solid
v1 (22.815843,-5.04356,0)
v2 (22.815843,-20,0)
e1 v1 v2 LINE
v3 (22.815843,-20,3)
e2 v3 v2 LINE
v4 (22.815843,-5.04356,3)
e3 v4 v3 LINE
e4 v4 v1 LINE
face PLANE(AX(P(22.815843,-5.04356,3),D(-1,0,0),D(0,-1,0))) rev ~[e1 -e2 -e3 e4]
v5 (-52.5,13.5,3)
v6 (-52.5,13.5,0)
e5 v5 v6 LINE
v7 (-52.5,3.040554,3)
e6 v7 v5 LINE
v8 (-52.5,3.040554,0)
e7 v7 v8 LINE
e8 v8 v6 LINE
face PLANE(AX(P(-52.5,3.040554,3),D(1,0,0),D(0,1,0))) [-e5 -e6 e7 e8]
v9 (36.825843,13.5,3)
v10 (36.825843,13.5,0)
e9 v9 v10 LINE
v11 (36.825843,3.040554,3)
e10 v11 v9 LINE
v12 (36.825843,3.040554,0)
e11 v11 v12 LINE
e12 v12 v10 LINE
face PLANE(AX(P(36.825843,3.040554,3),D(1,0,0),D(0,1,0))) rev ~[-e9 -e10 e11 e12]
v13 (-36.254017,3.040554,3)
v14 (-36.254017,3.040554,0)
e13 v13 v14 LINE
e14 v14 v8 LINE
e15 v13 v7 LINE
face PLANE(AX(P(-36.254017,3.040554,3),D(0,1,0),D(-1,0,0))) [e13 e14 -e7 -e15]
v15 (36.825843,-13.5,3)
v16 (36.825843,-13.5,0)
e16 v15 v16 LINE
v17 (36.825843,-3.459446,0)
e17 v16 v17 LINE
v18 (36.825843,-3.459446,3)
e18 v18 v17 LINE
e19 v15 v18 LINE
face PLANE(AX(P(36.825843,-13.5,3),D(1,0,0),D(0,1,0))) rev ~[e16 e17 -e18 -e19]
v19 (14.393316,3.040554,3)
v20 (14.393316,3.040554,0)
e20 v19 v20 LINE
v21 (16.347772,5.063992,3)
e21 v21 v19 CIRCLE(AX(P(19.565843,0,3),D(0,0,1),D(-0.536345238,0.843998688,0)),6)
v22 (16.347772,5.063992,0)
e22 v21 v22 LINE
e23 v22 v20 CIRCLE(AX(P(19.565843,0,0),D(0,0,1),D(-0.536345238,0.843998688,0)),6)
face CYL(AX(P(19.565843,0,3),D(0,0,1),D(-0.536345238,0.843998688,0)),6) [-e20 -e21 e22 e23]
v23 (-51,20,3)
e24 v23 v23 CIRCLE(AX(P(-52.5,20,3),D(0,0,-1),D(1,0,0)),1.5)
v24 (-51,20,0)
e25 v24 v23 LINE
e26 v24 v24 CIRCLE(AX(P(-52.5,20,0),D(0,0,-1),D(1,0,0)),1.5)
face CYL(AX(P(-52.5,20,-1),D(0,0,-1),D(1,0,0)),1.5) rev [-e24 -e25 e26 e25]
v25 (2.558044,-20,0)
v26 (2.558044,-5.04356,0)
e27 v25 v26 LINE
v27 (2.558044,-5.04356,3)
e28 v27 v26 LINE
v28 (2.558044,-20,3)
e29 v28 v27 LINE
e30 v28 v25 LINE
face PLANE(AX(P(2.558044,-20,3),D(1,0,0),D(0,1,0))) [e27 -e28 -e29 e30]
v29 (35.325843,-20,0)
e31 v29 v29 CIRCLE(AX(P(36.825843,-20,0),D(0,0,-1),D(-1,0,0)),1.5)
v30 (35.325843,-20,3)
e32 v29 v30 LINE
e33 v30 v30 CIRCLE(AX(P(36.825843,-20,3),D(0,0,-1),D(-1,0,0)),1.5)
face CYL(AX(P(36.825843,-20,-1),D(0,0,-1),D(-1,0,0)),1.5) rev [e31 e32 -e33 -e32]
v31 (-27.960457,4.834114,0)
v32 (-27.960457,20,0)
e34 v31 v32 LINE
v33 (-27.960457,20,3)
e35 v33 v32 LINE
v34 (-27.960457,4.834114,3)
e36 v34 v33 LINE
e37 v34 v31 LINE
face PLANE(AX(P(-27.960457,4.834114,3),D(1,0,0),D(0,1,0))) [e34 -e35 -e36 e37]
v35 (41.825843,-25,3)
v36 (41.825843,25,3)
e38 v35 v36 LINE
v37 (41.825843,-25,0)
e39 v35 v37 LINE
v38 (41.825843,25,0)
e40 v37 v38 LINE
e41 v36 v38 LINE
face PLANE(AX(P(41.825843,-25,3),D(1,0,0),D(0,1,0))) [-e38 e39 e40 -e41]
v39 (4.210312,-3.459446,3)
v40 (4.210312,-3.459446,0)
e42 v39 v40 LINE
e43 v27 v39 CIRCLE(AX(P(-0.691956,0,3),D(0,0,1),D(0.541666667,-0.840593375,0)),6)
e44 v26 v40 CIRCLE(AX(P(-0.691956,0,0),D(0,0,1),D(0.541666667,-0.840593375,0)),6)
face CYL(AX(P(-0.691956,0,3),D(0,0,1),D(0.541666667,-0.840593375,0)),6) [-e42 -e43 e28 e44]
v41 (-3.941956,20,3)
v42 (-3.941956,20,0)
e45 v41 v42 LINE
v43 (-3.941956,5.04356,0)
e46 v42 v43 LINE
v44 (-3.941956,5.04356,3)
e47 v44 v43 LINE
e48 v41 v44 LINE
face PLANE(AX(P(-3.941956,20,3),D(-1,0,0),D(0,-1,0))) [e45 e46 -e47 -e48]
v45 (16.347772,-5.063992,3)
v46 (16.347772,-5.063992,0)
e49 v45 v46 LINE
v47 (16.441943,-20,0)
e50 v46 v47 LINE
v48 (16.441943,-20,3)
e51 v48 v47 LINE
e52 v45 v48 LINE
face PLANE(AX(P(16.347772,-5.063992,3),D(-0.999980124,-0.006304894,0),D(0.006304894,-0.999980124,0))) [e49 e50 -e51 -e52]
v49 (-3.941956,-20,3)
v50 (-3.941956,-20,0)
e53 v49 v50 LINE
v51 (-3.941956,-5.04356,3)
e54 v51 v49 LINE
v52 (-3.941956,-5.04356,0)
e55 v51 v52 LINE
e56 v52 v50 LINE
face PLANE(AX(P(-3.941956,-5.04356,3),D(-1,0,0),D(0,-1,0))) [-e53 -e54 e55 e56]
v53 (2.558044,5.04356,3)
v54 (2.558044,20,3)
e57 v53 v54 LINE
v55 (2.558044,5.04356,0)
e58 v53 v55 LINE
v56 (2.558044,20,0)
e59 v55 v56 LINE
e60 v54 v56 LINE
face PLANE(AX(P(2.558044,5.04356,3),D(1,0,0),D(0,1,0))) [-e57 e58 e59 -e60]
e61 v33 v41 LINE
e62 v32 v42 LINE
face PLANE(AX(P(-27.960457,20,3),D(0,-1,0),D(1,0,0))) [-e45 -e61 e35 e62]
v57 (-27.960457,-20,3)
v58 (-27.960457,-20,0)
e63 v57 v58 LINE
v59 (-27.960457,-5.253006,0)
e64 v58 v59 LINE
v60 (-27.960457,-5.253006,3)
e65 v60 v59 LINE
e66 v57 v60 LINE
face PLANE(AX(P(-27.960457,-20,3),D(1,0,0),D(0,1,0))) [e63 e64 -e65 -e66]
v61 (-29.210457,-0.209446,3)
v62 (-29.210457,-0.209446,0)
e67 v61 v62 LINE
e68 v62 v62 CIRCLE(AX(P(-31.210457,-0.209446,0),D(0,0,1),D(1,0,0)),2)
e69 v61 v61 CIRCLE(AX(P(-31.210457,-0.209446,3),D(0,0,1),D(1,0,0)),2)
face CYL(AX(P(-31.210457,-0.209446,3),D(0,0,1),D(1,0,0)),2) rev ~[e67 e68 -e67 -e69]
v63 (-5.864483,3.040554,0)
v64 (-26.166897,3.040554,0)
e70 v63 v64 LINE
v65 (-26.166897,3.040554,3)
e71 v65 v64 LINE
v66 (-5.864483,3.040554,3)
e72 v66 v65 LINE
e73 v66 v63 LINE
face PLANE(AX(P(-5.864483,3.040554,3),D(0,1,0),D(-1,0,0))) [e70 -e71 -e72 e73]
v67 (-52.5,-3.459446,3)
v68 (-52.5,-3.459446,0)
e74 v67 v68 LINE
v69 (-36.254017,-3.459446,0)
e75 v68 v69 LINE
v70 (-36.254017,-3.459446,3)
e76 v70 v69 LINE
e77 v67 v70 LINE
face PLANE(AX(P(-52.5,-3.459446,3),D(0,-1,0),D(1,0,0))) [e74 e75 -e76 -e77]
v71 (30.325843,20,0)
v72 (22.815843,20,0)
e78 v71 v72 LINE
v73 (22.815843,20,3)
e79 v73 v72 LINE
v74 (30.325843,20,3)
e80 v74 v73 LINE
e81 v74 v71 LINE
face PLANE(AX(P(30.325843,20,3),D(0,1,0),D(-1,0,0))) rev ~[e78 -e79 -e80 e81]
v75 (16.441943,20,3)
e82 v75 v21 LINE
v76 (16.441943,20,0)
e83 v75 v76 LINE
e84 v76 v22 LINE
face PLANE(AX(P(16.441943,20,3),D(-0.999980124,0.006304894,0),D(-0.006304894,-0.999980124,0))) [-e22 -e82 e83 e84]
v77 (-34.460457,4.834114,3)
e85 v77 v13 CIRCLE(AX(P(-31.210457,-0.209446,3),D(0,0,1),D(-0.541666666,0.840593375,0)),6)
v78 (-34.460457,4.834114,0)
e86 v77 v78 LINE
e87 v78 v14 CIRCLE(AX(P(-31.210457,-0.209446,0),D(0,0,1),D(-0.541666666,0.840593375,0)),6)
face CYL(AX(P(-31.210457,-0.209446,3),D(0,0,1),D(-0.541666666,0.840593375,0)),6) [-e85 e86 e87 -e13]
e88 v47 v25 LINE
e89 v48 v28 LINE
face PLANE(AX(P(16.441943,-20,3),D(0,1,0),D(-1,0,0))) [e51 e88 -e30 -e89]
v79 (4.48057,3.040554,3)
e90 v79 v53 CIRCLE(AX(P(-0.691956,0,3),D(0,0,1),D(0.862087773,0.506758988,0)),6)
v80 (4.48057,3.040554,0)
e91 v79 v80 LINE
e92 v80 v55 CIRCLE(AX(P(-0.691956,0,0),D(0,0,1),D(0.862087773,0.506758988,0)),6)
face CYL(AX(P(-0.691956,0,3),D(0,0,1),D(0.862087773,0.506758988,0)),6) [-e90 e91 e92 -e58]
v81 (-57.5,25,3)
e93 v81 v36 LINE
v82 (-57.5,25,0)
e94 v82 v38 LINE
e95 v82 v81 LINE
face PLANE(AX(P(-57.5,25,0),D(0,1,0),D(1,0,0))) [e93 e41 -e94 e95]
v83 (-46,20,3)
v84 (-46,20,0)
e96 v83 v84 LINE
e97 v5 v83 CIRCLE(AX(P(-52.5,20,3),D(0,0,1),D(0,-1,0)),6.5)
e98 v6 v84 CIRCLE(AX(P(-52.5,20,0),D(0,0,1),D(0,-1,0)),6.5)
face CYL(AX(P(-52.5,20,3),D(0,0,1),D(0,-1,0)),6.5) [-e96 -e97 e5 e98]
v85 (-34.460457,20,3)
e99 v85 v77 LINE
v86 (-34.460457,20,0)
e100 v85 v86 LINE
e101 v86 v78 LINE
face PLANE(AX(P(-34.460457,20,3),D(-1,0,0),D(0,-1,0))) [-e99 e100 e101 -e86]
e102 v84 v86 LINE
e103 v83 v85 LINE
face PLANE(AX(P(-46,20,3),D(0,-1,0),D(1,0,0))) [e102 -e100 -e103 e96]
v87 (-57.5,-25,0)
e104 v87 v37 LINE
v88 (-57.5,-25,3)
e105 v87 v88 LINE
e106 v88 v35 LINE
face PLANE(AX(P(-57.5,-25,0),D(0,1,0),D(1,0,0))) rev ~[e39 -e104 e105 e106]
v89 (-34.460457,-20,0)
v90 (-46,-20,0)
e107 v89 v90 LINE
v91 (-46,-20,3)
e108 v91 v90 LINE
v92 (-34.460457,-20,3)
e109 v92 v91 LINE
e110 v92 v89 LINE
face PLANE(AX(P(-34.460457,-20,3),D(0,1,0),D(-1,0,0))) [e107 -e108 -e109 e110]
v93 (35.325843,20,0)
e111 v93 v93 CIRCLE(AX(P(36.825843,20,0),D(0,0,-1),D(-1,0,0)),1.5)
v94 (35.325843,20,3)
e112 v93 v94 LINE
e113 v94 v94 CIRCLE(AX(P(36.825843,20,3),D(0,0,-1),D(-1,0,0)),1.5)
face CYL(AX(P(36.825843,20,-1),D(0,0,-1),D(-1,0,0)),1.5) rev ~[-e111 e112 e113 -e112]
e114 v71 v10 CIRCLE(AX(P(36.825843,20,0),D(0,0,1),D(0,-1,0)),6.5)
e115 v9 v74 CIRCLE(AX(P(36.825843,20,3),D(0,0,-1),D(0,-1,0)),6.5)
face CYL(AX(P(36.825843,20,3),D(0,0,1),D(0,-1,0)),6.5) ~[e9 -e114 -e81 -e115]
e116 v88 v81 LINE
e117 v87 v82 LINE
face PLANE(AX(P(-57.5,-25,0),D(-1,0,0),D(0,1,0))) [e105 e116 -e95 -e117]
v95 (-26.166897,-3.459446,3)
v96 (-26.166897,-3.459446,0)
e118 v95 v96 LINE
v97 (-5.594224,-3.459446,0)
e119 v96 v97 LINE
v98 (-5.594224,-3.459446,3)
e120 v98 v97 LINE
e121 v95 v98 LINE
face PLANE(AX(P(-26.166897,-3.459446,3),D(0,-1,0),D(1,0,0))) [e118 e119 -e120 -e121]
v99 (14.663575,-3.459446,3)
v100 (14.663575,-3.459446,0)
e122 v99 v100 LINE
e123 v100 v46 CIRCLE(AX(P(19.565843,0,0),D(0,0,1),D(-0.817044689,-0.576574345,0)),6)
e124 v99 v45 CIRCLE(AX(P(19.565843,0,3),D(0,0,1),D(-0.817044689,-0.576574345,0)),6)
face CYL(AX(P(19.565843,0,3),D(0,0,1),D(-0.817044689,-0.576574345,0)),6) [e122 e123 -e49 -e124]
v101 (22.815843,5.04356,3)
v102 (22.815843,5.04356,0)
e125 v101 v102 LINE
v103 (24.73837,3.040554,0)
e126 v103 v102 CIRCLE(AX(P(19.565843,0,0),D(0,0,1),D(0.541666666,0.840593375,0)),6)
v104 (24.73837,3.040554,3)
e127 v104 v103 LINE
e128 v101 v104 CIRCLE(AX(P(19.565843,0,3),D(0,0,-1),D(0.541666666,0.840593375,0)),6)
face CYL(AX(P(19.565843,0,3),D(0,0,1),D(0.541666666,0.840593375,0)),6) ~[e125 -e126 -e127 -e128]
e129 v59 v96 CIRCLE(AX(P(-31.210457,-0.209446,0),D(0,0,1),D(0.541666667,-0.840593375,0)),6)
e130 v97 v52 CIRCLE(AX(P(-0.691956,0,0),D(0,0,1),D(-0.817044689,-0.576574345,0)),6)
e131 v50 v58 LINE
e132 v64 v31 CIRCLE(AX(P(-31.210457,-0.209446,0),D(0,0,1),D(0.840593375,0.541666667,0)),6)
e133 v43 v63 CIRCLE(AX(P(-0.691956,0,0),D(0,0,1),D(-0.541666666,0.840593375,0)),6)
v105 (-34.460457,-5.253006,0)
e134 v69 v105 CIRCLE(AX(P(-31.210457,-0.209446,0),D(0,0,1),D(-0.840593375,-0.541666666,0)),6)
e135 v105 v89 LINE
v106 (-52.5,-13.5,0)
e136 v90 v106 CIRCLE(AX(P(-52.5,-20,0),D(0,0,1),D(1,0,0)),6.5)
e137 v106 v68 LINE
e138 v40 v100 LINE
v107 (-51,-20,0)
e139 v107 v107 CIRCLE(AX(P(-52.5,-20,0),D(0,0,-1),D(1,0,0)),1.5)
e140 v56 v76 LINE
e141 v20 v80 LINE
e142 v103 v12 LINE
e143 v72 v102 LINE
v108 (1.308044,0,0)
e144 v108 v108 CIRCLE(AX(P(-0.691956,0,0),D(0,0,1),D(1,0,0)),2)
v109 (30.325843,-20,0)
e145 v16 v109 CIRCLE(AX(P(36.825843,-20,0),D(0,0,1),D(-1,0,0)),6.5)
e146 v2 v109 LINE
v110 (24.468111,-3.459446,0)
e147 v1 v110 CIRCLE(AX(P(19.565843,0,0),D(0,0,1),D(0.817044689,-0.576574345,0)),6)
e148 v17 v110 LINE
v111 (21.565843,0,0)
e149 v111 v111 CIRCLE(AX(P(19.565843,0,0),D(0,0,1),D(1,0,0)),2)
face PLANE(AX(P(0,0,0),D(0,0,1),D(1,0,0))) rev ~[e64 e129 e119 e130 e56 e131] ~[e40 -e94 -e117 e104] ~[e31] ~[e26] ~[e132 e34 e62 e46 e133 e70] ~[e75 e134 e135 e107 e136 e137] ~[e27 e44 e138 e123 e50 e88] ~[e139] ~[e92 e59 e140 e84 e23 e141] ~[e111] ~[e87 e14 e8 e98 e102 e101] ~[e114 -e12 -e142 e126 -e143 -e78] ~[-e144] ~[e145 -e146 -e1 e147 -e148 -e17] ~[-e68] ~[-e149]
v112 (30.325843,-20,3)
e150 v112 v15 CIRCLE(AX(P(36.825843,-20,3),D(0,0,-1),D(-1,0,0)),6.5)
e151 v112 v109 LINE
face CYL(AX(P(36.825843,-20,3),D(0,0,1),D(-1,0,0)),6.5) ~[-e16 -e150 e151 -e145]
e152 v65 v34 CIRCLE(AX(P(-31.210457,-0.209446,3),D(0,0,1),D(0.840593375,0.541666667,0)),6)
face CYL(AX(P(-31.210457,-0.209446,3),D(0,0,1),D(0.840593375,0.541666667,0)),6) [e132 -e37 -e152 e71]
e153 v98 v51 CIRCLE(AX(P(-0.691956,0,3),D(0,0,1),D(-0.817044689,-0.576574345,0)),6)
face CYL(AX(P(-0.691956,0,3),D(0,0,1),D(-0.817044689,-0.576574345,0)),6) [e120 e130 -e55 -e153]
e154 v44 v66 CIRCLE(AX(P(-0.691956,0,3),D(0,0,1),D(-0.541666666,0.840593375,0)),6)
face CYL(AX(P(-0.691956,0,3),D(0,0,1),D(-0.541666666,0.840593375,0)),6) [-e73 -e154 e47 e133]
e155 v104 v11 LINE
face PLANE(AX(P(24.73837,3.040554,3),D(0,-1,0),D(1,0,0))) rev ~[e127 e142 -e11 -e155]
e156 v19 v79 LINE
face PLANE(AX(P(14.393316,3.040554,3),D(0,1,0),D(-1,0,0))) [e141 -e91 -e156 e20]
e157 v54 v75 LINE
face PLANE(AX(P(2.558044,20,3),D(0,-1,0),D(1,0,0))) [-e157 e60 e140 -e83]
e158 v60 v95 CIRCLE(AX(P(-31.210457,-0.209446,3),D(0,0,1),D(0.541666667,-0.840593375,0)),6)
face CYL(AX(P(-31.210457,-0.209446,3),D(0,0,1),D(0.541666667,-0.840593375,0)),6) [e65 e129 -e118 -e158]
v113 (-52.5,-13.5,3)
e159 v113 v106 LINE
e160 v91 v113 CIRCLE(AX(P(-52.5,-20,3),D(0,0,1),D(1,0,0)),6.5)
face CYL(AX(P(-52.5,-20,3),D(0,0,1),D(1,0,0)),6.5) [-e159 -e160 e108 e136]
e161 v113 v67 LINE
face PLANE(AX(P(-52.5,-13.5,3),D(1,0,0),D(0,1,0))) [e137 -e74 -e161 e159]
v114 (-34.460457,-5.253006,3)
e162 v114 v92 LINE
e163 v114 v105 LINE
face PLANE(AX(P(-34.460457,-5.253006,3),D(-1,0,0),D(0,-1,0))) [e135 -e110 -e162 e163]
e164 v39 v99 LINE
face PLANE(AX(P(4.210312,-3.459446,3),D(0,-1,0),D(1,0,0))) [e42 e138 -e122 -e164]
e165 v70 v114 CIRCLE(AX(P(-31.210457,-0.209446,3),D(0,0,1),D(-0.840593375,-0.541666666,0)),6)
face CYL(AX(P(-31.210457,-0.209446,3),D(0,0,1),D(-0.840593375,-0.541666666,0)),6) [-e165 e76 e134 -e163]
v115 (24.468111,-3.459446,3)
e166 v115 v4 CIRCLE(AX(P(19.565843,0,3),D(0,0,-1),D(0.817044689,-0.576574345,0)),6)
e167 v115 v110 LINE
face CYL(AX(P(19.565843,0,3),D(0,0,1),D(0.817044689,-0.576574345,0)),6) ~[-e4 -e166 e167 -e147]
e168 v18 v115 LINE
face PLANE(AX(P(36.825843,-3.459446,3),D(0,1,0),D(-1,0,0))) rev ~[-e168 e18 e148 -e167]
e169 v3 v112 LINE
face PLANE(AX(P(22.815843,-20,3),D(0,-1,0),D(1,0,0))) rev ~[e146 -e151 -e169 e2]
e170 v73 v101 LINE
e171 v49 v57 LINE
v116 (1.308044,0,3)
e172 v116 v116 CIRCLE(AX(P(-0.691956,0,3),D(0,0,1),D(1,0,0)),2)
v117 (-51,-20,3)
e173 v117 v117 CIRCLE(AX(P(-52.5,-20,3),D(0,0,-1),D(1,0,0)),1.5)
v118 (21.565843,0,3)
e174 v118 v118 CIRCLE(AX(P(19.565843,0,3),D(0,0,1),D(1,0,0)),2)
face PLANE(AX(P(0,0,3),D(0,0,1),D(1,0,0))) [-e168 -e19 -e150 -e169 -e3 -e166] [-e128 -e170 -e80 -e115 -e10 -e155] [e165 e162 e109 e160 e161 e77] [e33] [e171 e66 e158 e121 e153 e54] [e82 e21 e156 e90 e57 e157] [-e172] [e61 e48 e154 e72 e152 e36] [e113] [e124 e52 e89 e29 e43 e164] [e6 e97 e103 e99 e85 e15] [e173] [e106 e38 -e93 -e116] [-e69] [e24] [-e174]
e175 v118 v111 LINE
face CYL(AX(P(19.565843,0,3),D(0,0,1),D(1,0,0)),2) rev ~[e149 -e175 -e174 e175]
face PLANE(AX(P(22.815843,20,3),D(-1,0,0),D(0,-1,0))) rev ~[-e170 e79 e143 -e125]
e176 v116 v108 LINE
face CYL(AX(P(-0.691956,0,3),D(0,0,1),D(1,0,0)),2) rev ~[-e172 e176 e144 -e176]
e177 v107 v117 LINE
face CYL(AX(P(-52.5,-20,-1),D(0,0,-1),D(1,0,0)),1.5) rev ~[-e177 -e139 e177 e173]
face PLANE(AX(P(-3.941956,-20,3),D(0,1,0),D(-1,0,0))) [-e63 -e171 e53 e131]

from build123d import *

# Parameters (mm, degrees)
SKETCH1_W               = 115
SKETCH1_H               = 50
BOSS_EXTRUDE1_DEPTH     = 3
CUT_EXTRUDE1_START      = -4
SKETCH2_R               = 1.5
CUT_EXTRUDE1_DEPTH      = 5
SKETCH4_R               = 2
CUT_EXTRUDE2_DEPTH      = 4
SKETCH5_R               = 2
CUT_EXTRUDE3_DEPTH      = 10
SKETCH6_R               = 2
CUT_EXTRUDE4_DEPTH      = 10
SKETCH7_W               = 15.674157042
SKETCH7_H               = 50
CUT_EXTRUDE5_DEPTH      = 10
MIRROR2_START           = -4
MIRROR2_COPY_1_SKETCH_R = 1.5
MIRROR2_COPY_1_DEPTH    = 5
CUT_EXTRUDE6_DEPTH      = 10


with BuildPart() as part:
    # Sketch1 → Boss-Extrude1 (new body)
    with BuildSketch(Plane.XY):
        Rectangle(SKETCH1_W, SKETCH1_H)
    extrude(amount=BOSS_EXTRUDE1_DEPTH)

    # Sketch2 → Cut-Extrude1 (cut)
    with BuildSketch(Plane.XY.offset(3).offset(CUT_EXTRUDE1_START)):
        with Locations((-52.5, 20)):
            Circle(SKETCH2_R)
    cut_extrude1 = extrude(amount=CUT_EXTRUDE1_DEPTH, mode=Mode.SUBTRACT)

    # Sketch4 → Cut-Extrude2 (cut, through all)
    with BuildSketch(Plane.XY.offset(3)):
        with Locations((-31.210457155, -0.20944607)):
            Circle(SKETCH4_R)
    extrude(amount=-CUT_EXTRUDE2_DEPTH, mode=Mode.SUBTRACT)

    # Sketch5 → Cut-Extrude3 (cut)
    with BuildSketch(Plane.XY.offset(3)):
        with Locations((-0.691956257, 0)):
            Circle(SKETCH5_R)
    extrude(amount=-CUT_EXTRUDE3_DEPTH, mode=Mode.SUBTRACT)

    # Sketch6 → Cut-Extrude4 (cut)
    with BuildSketch(Plane.XY.offset(3)):
        with Locations((19.565842958, 0)):
            Circle(SKETCH6_R)
    extrude(amount=-CUT_EXTRUDE4_DEPTH, mode=Mode.SUBTRACT)

    # Sketch7 → Cut-Extrude5 (cut)
    with BuildSketch(Plane.XY.offset(3)):
        with Locations((49.662921479, 0)):
            Rectangle(SKETCH7_W, SKETCH7_H)
    extrude(amount=-CUT_EXTRUDE5_DEPTH, mode=Mode.SUBTRACT)

    # Mirror1: Cut-Extrude1 across plane
    add(cut_extrude1.mirror(Plane.ZY.offset(7.837078521)), mode=Mode.SUBTRACT)

    # Mirror2: Cut-Extrude1 across plane
    add(cut_extrude1.mirror(Plane.ZX), mode=Mode.SUBTRACT)

    # Mirror2 copy 1 sketch → Mirror2 copy 1 (cut)
    with BuildSketch(Plane(origin=(-15.674157042, 0, 3), x_dir=(-1, 0, 0), z_dir=(0, 0, 1)).offset(MIRROR2_START)):
        with Locations((-52.5, 20)):
            Circle(MIRROR2_COPY_1_SKETCH_R)
    extrude(amount=MIRROR2_COPY_1_DEPTH, mode=Mode.SUBTRACT)

    # Sketch8 → Cut-Extrude6 (cut)
    with BuildSketch(Plane.XY.offset(3)):
        with BuildLine():
            ThreePointArc((-52.5, 13.5), (-47.903805922, 15.403805922), (-46, 20))
            Line((-46, 20), (-34.460457155, 20))
            Line((-34.460457155, 20), (-34.460457155, 4.834114181))
            ThreePointArc((-34.460457155, 4.834114181), (-35.453097842, 4.033194618), (-36.254017405, 3.04055393))
            Line((-36.254017405, 3.04055393), (-52.5, 3.04055393))
            Line((-52.5, 3.04055393), (-52.5, 13.5))
        make_face()
        with BuildLine():
            ThreePointArc((-3.941956257, 5.04356025), (-5.020668226, 4.15478672), (-5.864482893, 3.04055393))
            Line((-5.864482893, 3.04055393), (-26.166896904, 3.04055393))
            ThreePointArc((-26.166896904, 3.04055393), (-26.967816468, 4.033194618), (-27.960457155, 4.834114181))
            Line((-27.960457155, 4.834114181), (-27.960457155, 20))
            Line((-27.960457155, 20), (-3.941956257, 20))
            Line((-3.941956257, 20), (-3.941956257, 5.04356025))
        make_face()
        with BuildLine():
            ThreePointArc((4.480570379, 3.04055393), (3.636755712, 4.15478672), (2.558043743, 5.04356025))
            Line((2.558043743, 5.04356025), (2.558043743, 20))
            Line((2.558043743, 20), (16.44194335, 20))
            Line((16.44194335, 20), (16.347771528, 5.063992128))
            ThreePointArc((16.347771528, 5.063992128), (15.250277003, 4.168439815), (14.393316322, 3.04055393))
            Line((14.393316322, 3.04055393), (4.480570379, 3.04055393))
        make_face()
        with BuildLine():
            Line((36.825842958, 3.04055393), (36.825842958, 13.5))
            ThreePointArc((36.825842958, 13.5), (32.22964888, 15.403805922), (30.325842958, 20))
            Line((30.325842958, 20), (22.815842958, 20))
            Line((22.815842958, 20), (22.815842958, 5.04356025))
            ThreePointArc((22.815842958, 5.04356025), (23.894554927, 4.15478672), (24.738369593, 3.04055393))
            Line((24.738369593, 3.04055393), (36.825842958, 3.04055393))
        make_face()
        with BuildLine():
            Line((36.825842958, -13.5), (36.825842958, -3.45944607))
            Line((36.825842958, -3.45944607), (24.468111095, -3.45944607))
            ThreePointArc((24.468111095, -3.45944607), (23.718218589, -4.331024892), (22.815842958, -5.04356025))
            Line((22.815842958, -5.04356025), (22.815842958, -20))
            Line((22.815842958, -20), (30.325842958, -20))
            ThreePointArc((30.325842958, -20), (32.22964888, -15.403805922), (36.825842958, -13.5))
        make_face()
        with BuildLine():
            ThreePointArc((14.66357482, -3.45944607), (15.427169174, -4.344120085), (16.347771528, -5.063992128))
            Line((16.347771528, -5.063992128), (16.44194335, -20))
            Line((16.44194335, -20), (2.558043743, -20))
            Line((2.558043743, -20), (2.558043743, -5.04356025))
            ThreePointArc((2.558043743, -5.04356025), (3.460419374, -4.331024892), (4.21031188, -3.45944607))
            Line((4.21031188, -3.45944607), (14.66357482, -3.45944607))
        make_face()
        with BuildLine():
            ThreePointArc((-27.960457155, -5.25300632), (-26.967816468, -4.452086757), (-26.166896904, -3.45944607))
            Line((-26.166896904, -3.45944607), (-5.594224394, -3.45944607))
            ThreePointArc((-5.594224394, -3.45944607), (-4.844331888, -4.331024892), (-3.941956257, -5.04356025))
            Line((-3.941956257, -5.04356025), (-3.941956257, -20))
            Line((-3.941956257, -20), (-27.960457155, -20))
            Line((-27.960457155, -20), (-27.960457155, -5.25300632))
        make_face()
        with BuildLine():
            ThreePointArc((-36.254017405, -3.45944607), (-35.453097842, -4.452086757), (-34.460457155, -5.25300632))
            Line((-34.460457155, -5.25300632), (-34.460457155, -20))
            Line((-34.460457155, -20), (-46, -20))
            ThreePointArc((-46, -20), (-47.903805922, -15.403805922), (-52.5, -13.5))
            Line((-52.5, -13.5), (-52.5, -3.45944607))
            Line((-52.5, -3.45944607), (-36.254017405, -3.45944607))
        make_face()
    extrude(amount=-CUT_EXTRUDE6_DEPTH, mode=Mode.SUBTRACT)


solid = part.part
